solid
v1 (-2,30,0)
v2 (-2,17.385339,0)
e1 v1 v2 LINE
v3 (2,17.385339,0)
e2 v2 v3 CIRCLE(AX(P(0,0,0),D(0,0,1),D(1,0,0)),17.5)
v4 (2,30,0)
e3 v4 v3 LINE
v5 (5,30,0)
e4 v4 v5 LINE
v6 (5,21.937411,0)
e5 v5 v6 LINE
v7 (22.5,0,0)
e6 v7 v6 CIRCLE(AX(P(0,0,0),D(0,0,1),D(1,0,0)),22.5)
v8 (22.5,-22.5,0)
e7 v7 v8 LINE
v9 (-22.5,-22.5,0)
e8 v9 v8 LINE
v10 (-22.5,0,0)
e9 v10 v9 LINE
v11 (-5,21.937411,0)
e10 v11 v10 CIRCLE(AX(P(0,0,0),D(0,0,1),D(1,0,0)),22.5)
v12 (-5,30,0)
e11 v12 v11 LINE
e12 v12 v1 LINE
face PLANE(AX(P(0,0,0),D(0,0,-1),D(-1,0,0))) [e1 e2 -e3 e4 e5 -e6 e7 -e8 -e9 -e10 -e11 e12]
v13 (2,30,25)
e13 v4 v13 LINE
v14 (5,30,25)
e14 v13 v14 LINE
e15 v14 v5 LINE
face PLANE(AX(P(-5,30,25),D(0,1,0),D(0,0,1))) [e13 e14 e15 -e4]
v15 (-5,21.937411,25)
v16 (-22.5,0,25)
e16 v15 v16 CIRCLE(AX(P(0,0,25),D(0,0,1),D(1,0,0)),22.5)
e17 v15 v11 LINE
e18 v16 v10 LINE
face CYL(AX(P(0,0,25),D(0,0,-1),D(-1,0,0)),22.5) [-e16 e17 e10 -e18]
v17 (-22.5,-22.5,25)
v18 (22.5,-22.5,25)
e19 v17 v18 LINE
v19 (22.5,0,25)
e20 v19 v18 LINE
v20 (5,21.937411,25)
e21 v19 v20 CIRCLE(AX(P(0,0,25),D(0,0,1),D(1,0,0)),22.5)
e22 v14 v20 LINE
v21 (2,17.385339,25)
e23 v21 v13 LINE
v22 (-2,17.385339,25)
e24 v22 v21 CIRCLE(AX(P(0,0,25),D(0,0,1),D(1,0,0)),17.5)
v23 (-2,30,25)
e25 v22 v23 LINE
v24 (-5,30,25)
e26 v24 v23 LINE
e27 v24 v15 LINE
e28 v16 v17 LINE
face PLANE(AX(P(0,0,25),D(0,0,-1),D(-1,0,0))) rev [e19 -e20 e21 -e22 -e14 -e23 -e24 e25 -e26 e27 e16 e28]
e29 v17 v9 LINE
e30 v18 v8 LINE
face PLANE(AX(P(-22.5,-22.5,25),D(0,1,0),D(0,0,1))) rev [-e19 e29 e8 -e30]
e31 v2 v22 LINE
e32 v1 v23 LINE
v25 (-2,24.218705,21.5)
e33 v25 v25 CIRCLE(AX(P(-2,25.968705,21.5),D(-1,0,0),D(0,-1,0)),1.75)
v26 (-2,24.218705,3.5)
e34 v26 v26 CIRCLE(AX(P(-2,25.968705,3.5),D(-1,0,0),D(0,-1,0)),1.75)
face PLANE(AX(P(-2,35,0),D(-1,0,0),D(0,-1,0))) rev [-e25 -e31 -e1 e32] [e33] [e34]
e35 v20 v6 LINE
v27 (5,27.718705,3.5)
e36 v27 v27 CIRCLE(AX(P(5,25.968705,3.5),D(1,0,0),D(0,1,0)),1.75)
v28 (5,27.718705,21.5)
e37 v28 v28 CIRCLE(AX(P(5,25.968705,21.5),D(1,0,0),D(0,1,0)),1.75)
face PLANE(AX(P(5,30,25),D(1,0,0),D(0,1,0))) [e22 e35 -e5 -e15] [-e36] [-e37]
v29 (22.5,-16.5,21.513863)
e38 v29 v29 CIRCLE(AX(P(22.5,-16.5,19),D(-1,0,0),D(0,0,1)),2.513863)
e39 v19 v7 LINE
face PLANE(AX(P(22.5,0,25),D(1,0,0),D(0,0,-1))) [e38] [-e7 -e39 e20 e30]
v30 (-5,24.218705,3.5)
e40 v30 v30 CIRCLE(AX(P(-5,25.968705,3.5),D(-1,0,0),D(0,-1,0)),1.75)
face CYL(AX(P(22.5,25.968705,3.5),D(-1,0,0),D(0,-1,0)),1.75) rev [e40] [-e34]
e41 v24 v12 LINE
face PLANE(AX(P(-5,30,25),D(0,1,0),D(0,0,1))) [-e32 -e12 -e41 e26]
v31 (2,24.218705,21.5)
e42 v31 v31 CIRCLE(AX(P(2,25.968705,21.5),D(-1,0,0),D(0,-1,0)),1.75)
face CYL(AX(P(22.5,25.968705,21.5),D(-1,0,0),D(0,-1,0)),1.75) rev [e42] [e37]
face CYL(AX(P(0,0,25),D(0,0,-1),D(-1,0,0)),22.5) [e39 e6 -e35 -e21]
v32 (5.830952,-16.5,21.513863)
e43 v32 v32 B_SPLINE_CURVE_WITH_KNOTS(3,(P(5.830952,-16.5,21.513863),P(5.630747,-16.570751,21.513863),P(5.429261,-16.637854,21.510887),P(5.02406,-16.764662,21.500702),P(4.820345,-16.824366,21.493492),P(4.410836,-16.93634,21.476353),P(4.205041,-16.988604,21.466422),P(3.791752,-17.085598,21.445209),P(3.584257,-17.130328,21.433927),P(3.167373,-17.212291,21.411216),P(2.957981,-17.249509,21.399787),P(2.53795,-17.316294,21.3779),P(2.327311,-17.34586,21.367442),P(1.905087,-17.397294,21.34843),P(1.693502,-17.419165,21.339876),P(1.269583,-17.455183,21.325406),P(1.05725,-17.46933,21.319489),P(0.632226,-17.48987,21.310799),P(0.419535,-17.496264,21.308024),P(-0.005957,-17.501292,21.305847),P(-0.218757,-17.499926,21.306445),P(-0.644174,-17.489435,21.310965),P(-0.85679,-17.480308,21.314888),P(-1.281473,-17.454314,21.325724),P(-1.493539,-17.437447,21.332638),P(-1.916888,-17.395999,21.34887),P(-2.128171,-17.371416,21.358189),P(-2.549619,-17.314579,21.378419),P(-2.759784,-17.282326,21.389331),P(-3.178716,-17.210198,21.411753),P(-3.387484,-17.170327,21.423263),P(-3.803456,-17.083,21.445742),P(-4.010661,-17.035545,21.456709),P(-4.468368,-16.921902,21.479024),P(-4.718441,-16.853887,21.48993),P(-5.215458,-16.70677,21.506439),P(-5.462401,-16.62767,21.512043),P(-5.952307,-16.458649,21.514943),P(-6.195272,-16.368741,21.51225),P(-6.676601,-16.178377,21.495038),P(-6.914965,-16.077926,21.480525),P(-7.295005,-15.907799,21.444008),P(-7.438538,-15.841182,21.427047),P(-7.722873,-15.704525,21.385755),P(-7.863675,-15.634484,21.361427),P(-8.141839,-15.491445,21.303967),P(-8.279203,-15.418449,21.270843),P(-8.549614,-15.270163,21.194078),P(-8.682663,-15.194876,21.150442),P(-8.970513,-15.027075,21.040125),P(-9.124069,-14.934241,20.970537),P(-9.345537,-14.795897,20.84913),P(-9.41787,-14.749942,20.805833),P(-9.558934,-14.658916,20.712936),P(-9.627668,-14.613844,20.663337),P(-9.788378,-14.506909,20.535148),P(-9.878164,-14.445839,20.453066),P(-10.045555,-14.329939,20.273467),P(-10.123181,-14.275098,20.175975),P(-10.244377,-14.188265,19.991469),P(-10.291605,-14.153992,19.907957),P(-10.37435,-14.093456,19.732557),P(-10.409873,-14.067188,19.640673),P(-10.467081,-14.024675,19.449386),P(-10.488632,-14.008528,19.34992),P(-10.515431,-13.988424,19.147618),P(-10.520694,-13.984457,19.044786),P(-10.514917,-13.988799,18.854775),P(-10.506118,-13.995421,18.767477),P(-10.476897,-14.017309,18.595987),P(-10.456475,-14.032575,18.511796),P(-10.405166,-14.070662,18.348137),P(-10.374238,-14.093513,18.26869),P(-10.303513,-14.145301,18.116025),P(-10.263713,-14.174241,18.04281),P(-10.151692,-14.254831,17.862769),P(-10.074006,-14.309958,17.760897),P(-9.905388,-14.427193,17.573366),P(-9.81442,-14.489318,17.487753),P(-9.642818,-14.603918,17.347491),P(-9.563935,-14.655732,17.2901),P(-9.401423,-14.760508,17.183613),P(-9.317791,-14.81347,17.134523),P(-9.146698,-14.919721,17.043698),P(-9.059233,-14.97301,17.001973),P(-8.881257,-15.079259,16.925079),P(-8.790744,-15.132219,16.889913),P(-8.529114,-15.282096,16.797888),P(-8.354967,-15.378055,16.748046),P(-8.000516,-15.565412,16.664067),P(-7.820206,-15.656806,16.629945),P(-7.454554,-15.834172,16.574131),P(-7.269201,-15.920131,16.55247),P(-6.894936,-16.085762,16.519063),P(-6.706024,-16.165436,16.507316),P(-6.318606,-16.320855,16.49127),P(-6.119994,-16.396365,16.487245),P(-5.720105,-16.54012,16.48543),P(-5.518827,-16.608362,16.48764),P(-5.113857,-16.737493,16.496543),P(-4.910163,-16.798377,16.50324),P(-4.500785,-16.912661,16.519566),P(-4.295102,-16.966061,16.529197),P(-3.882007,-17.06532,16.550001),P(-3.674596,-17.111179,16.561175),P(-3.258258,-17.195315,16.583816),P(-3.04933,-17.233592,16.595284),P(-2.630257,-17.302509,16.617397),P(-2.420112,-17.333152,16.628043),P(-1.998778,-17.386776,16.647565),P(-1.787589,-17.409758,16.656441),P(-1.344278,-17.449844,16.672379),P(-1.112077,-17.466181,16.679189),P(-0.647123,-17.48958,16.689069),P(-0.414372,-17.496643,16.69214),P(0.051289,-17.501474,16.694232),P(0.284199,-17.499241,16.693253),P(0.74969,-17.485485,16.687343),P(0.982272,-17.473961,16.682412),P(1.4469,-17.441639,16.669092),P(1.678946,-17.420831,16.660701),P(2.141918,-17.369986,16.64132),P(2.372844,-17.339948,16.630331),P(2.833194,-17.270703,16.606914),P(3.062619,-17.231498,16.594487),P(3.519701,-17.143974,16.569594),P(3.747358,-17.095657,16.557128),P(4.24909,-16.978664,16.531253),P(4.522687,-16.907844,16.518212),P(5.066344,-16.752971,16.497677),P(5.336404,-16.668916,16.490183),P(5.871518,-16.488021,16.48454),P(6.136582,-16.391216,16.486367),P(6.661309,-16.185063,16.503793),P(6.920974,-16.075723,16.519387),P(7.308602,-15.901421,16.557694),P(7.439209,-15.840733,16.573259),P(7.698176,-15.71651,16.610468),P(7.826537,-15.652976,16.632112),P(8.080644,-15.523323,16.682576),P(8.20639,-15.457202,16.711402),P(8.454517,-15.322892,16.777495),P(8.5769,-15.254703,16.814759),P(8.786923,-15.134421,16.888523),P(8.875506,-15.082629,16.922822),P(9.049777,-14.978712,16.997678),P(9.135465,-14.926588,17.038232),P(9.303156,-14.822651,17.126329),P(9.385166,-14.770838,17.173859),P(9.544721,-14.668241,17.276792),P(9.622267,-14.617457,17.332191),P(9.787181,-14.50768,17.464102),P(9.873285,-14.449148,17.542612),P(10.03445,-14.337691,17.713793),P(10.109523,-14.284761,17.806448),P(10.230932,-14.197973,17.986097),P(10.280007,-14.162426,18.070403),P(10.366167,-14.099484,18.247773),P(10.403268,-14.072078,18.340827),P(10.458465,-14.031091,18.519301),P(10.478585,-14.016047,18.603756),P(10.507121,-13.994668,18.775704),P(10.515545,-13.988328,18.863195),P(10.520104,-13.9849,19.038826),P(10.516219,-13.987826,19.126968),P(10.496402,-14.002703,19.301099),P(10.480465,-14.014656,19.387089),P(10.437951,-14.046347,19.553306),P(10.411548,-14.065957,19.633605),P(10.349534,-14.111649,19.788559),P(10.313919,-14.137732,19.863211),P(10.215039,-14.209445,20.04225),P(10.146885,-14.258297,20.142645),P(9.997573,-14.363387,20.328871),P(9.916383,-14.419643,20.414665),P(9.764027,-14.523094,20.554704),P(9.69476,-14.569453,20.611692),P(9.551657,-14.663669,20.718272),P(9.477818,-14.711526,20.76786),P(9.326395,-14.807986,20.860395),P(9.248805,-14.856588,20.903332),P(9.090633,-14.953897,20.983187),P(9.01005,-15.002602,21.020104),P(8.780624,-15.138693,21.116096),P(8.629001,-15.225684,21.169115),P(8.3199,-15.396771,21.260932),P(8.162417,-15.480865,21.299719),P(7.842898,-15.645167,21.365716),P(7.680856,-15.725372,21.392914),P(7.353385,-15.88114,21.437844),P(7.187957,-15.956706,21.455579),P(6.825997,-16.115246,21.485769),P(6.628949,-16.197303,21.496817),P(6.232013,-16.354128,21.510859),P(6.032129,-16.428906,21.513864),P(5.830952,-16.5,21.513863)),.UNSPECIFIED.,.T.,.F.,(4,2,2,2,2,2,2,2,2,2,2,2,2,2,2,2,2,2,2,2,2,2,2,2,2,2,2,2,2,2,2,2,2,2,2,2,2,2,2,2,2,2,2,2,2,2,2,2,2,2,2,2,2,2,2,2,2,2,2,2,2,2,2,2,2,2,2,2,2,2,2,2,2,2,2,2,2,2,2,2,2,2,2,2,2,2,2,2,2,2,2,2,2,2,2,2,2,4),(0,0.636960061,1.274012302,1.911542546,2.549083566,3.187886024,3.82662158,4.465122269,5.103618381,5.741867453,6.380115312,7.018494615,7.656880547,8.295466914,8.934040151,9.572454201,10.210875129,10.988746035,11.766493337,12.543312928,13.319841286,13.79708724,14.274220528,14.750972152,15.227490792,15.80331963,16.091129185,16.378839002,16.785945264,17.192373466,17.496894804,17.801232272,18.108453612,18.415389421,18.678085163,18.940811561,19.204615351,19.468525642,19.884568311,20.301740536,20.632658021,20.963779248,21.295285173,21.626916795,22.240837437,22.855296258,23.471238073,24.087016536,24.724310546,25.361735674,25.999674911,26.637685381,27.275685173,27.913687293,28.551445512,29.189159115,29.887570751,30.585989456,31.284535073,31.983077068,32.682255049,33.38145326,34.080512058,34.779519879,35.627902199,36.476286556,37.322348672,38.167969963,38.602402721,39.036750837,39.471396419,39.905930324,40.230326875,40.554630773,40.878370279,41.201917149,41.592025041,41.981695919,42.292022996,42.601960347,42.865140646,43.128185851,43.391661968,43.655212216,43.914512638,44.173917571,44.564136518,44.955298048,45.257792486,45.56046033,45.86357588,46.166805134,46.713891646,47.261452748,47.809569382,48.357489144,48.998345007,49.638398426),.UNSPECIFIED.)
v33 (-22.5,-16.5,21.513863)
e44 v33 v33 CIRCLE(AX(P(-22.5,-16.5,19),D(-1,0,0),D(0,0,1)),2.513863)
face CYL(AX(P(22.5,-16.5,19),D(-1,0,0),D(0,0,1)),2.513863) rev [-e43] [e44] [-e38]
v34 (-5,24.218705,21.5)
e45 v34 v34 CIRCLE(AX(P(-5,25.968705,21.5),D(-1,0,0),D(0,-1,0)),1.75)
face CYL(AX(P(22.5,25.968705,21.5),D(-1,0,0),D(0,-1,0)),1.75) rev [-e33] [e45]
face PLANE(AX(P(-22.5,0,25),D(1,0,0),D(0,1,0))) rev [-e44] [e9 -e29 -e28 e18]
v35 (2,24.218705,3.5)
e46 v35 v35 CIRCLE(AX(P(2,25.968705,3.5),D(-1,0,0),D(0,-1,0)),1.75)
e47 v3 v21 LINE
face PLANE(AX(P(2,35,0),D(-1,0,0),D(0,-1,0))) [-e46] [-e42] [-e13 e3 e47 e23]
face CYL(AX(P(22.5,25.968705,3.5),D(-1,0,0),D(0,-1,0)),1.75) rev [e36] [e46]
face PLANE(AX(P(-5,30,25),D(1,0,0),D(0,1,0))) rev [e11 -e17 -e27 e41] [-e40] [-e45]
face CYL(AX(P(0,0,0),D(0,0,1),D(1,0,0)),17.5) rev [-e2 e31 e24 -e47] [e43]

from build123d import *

# Parameters (mm, degrees)
SKETCH1_R           = 22.5
SKETCH1_W           = 10
SKETCH1_H           = 15
SKETCH1_W_2         = 45
SKETCH1_H_2         = 22.5
BOSS_EXTRUDE2_DEPTH = 25
SKETCH3_R           = 17.5
SKETCH3_W           = 4
SKETCH3_H           = 35
CUT_EXTRUDE2_DEPTH  = 25
SKETCH5_R           = 2.513863355
CUT_EXTRUDE3_DEPTH  = 60.581876439
SKETCH7_R           = 1.75
CUT_EXTRUDE4_DEPTH  = 48.762433046


with BuildPart() as part:
    # Sketch1 → Boss-Extrude2 (new body)
    with BuildSketch(Plane.XY):
        Circle(SKETCH1_R)
        with Locations((0, 22.5)):
            Rectangle(SKETCH1_W, SKETCH1_H)
        with Locations((0, -11.25)):
            Rectangle(SKETCH1_W_2, SKETCH1_H_2)
    extrude(amount=BOSS_EXTRUDE2_DEPTH)

    # Sketch3 → Cut-Extrude2 (cut)
    with BuildSketch(Plane.XY.offset(25)):
        Circle(SKETCH3_R)
        with Locations((0, 17.5)):
            Rectangle(SKETCH3_W, SKETCH3_H)
    extrude(amount=-CUT_EXTRUDE2_DEPTH, mode=Mode.SUBTRACT)

    # Sketch5 → Cut-Extrude3 (cut, through all)
    with BuildSketch(Plane.ZY.offset(22.5)):
        with Locations((19, -16.5)):
            Circle(SKETCH5_R)
    extrude(amount=-CUT_EXTRUDE3_DEPTH, mode=Mode.SUBTRACT)

    # Sketch7 → Cut-Extrude4 (cut, through all)
    with BuildSketch(Plane.ZY.offset(5)):
        with Locations(Location((3.5, 25.968705484, 0), (0, 0, 270))):
            Circle(SKETCH7_R)
        with Locations(Location((21.5, 25.968705484, 0), (0, 0, 270))):
            Circle(SKETCH7_R)
    extrude(amount=-CUT_EXTRUDE4_DEPTH, mode=Mode.SUBTRACT)


solid = part.part
